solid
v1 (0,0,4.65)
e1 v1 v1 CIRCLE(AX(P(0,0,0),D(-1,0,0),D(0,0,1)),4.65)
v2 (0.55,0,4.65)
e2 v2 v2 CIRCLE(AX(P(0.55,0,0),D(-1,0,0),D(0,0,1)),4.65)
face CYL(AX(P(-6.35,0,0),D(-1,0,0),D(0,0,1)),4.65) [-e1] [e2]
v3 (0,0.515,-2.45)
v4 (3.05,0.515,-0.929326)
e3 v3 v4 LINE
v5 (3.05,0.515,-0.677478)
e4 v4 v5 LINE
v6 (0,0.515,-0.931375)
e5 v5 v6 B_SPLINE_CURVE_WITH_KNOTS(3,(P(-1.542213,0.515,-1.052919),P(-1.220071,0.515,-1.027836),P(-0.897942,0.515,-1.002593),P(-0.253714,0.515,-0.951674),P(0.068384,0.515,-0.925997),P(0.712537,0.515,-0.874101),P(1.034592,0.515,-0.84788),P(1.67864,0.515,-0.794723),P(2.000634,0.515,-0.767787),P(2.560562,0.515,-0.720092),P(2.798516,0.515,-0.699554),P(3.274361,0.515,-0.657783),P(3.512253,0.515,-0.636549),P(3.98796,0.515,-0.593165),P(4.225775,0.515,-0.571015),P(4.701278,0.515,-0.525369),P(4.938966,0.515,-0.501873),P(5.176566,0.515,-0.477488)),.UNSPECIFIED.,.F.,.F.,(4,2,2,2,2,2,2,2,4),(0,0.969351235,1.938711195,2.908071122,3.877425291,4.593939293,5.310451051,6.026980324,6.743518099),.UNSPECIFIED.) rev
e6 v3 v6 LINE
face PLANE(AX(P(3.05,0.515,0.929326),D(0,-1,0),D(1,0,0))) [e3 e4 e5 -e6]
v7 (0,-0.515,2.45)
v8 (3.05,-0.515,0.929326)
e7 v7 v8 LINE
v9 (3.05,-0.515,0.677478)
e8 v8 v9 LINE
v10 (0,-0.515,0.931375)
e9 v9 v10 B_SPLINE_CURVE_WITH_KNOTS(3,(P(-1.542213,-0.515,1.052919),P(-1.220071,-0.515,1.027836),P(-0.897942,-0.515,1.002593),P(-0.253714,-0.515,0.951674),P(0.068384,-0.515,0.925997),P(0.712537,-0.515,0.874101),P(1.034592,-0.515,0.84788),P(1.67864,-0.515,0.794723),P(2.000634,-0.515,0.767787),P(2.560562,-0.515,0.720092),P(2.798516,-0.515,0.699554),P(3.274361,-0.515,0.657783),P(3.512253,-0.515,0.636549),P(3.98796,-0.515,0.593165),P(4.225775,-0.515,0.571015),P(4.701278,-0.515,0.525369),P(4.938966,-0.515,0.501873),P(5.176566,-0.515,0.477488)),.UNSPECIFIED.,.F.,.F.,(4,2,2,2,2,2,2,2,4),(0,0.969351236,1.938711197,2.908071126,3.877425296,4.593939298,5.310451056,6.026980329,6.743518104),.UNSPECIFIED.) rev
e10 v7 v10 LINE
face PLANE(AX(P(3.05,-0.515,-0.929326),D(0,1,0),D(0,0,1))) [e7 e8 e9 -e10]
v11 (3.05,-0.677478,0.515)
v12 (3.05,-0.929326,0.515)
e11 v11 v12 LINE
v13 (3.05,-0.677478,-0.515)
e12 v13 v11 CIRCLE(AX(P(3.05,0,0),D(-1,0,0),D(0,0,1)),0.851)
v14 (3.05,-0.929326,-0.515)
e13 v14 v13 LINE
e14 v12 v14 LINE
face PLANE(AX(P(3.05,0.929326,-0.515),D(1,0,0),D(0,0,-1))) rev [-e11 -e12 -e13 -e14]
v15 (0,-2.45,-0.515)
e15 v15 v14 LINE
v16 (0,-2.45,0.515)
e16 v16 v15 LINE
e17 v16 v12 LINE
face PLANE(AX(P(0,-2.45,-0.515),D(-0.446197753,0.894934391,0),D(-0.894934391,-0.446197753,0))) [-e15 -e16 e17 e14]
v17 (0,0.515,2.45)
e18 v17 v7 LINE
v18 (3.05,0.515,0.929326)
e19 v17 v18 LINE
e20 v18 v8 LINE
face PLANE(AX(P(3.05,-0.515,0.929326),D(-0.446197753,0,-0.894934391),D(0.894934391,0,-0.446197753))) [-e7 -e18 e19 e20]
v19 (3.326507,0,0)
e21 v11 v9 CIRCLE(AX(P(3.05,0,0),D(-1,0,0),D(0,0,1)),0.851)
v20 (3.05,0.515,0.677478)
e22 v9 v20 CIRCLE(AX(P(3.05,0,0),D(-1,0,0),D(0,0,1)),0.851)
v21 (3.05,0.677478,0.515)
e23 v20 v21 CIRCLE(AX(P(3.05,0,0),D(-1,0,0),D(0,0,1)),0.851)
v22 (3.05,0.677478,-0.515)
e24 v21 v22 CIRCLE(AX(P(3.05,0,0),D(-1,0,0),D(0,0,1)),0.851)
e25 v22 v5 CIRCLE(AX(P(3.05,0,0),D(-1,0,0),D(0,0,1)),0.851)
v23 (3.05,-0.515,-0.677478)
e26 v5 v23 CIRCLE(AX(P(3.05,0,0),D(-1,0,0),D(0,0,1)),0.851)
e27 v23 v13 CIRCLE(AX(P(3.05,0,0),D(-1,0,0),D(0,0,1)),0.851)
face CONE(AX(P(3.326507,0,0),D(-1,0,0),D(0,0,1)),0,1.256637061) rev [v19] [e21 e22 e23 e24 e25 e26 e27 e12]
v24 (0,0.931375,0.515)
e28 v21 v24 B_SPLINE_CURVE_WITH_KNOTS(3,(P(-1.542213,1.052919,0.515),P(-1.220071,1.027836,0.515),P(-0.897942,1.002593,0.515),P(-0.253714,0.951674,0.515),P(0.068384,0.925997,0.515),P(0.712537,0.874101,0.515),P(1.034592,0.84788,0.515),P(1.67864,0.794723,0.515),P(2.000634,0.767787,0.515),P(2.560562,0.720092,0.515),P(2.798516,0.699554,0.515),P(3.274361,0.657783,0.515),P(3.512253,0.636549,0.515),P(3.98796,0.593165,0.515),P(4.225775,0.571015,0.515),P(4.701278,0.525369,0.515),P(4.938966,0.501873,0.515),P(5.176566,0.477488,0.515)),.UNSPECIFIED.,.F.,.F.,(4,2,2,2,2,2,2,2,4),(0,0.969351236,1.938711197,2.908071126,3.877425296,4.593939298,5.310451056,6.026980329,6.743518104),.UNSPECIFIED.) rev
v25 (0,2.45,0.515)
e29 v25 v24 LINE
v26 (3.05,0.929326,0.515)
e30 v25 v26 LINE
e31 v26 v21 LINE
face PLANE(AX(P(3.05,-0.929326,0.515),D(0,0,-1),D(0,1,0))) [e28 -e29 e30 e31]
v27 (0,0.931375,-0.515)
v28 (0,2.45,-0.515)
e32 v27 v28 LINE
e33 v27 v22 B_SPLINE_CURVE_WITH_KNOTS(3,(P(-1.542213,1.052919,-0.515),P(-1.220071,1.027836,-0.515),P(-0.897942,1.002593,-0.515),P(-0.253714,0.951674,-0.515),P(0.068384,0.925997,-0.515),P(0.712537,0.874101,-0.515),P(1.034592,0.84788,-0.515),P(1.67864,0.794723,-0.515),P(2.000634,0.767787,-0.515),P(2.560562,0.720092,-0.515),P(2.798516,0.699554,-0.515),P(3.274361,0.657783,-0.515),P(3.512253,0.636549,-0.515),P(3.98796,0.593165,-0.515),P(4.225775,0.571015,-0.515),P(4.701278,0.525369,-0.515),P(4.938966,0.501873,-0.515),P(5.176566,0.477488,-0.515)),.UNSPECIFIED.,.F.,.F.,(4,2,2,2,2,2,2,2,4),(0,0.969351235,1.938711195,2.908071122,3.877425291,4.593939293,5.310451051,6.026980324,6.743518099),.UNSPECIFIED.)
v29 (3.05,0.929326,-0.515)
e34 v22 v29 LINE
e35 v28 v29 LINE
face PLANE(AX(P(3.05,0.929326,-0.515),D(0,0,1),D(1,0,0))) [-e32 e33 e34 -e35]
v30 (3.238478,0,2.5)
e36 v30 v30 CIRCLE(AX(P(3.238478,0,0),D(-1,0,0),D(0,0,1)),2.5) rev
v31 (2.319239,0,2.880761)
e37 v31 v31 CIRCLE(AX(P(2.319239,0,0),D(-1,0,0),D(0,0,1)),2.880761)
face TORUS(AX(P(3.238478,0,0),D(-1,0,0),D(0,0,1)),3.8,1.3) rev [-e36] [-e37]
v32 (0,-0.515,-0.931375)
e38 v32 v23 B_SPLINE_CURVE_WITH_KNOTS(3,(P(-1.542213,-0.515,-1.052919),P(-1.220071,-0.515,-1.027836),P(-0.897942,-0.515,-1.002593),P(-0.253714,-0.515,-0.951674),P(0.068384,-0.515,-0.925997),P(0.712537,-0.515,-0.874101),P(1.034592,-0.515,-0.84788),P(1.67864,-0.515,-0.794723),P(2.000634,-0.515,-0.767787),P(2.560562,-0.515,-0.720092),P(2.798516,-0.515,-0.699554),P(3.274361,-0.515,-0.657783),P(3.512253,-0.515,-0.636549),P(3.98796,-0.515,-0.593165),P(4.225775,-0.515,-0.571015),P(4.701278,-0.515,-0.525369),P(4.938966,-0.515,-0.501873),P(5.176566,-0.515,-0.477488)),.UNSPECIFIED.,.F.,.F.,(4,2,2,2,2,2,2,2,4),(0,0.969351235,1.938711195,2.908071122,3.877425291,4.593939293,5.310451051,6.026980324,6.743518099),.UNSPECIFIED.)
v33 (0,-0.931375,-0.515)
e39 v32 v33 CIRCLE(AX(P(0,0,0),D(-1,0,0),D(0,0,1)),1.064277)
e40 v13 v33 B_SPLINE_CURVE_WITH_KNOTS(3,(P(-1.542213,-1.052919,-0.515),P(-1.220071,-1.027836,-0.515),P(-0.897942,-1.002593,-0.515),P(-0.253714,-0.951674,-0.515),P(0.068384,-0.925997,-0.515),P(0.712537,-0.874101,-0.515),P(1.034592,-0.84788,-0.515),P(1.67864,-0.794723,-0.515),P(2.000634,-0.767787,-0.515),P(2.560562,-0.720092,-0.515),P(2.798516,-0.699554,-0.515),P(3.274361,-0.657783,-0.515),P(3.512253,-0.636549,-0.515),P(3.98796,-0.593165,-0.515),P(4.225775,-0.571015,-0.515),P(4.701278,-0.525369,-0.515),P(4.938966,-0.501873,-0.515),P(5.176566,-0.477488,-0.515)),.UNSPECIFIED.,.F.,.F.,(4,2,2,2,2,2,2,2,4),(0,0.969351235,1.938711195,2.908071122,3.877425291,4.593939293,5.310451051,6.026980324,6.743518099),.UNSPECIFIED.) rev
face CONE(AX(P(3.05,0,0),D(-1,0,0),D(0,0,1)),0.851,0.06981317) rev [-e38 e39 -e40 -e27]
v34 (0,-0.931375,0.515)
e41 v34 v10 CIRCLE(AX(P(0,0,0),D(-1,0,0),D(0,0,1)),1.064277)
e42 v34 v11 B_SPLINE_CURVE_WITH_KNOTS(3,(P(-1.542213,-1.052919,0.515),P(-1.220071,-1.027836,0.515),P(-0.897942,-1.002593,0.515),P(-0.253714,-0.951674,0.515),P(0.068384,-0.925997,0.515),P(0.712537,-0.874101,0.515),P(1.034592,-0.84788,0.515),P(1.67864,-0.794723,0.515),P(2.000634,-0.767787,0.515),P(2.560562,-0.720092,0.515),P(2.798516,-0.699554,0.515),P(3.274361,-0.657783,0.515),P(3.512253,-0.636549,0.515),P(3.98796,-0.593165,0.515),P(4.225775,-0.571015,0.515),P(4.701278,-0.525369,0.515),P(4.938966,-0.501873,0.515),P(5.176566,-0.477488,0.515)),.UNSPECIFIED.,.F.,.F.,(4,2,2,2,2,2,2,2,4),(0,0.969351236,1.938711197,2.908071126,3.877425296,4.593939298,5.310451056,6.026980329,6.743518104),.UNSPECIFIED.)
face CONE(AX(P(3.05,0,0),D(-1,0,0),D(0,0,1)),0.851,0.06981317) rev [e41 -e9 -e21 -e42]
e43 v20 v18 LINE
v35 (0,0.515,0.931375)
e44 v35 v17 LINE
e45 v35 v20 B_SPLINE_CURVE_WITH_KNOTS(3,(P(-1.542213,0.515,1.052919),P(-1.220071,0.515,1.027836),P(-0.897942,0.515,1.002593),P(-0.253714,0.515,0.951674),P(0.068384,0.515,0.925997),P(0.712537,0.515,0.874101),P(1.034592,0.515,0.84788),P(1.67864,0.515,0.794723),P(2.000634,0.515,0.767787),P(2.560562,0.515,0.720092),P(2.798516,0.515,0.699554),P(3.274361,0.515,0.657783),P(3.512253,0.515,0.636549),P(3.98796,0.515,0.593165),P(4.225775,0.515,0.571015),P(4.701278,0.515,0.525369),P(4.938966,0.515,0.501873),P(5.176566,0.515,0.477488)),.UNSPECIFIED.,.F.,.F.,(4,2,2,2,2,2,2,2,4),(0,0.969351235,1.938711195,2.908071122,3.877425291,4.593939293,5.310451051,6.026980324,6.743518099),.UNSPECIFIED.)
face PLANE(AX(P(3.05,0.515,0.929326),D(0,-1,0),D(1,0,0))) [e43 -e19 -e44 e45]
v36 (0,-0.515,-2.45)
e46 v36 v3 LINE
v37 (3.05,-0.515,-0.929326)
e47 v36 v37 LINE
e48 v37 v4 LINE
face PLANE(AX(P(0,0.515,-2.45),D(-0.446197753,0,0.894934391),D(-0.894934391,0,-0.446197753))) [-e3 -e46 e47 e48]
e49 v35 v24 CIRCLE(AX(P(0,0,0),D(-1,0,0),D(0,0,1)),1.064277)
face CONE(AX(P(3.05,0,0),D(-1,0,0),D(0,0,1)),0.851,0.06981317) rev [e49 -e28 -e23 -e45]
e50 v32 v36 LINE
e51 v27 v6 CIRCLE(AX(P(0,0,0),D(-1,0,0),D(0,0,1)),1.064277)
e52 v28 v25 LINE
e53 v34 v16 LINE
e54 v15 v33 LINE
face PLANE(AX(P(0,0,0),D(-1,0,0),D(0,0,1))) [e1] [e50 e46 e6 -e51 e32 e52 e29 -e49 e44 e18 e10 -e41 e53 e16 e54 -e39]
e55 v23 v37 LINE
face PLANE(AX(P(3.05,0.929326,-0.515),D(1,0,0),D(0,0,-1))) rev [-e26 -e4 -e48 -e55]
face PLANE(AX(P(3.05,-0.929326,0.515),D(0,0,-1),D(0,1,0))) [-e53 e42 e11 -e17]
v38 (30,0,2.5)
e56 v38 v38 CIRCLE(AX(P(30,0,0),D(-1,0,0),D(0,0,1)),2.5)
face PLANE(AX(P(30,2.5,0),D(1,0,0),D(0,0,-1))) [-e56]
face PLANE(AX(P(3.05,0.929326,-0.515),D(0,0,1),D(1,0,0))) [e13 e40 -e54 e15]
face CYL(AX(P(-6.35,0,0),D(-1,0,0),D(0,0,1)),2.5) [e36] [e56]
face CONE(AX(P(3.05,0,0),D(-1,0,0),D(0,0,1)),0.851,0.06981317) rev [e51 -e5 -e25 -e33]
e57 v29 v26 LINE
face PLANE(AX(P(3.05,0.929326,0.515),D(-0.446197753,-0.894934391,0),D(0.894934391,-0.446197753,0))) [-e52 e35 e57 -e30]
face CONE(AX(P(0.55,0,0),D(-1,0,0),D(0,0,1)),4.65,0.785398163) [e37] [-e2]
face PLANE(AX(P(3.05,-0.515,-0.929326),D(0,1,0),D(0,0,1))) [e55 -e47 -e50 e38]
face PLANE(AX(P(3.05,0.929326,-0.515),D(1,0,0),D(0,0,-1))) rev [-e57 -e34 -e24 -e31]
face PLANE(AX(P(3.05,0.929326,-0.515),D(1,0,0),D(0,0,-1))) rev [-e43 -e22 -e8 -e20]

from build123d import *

# Parameters (mm, degrees)
FILLET1_R    = 1.3
RECPAT_COUNT = 2
RECPAT_ANGLE = 90


with BuildPart() as part:
    # BodySke → Base-Revolve (revolve)
    with BuildSketch(Plane.XY, mode=Mode.PRIVATE) as base_revolve_sk:
        Polygon((0, 0), (0, 4.65), (0.55, 4.65), (2.7, 2.5), (30, 2.5), (30, 0), align=None)
    revolve(base_revolve_sk.sketch.rotate(Axis((-6.35, 0, 0), (1, 0, 0)), 90), axis=Axis((-6.35, 0, 0), (1, 0, 0)))

    # Fillet1
    fillet1_edges = [part.edges().sort_by_distance(p)[0] for p in [
        (2.7, 0, -2.5),
    ]]
    fillet(fillet1_edges, radius=FILLET1_R)

    # Sketch3 → Recess section 0
    with BuildSketch(Plane.ZY):
        with BuildLine():
            Line((-0.515, 2.45), (0.515, 2.45))
            Line((0.515, 2.45), (0.515, -2.45))
            Line((0.515, -2.45), (-0.515, -2.45))
            Line((-0.515, -2.45), (-0.515, 2.45))
        make_face()
    # Sketch4 → Recess section 1
    with BuildSketch(Plane.ZY.offset(-3.05)):
        with BuildLine():
            Line((-0.515, 0.92932635), (0.515, 0.92932635))
            Line((0.515, 0.92932635), (0.515, -0.92932635))
            Line((0.515, -0.92932635), (-0.515, -0.92932635))
            Line((-0.515, -0.92932635), (-0.515, 0.92932635))
        make_face()
    recess = loft(mode=Mode.SUBTRACT)

    # RecPat: Recess ×2 about axis
    recpat_axis = Axis((0, 0, 0), (1, 0, 0))
    for i in range(1, RECPAT_COUNT):
        add(recess.rotate(recpat_axis, i * RECPAT_ANGLE / (RECPAT_COUNT - 1)), mode=Mode.SUBTRACT)

    # RecCorSke → RecessCore (revolve, cut)
    with BuildSketch(Plane.XY, mode=Mode.PRIVATE) as recesscore_sk:
        Polygon((0, 0), (0, 1.064276776), (3.05, 0.851), (3.326506661, 0), align=None)
    revolve(recesscore_sk.sketch.rotate(Axis((-3.175, 0, 0), (1, 0, 0)), 90), axis=Axis((-3.175, 0, 0), (1, 0, 0)), mode=Mode.SUBTRACT)


solid = part.part
